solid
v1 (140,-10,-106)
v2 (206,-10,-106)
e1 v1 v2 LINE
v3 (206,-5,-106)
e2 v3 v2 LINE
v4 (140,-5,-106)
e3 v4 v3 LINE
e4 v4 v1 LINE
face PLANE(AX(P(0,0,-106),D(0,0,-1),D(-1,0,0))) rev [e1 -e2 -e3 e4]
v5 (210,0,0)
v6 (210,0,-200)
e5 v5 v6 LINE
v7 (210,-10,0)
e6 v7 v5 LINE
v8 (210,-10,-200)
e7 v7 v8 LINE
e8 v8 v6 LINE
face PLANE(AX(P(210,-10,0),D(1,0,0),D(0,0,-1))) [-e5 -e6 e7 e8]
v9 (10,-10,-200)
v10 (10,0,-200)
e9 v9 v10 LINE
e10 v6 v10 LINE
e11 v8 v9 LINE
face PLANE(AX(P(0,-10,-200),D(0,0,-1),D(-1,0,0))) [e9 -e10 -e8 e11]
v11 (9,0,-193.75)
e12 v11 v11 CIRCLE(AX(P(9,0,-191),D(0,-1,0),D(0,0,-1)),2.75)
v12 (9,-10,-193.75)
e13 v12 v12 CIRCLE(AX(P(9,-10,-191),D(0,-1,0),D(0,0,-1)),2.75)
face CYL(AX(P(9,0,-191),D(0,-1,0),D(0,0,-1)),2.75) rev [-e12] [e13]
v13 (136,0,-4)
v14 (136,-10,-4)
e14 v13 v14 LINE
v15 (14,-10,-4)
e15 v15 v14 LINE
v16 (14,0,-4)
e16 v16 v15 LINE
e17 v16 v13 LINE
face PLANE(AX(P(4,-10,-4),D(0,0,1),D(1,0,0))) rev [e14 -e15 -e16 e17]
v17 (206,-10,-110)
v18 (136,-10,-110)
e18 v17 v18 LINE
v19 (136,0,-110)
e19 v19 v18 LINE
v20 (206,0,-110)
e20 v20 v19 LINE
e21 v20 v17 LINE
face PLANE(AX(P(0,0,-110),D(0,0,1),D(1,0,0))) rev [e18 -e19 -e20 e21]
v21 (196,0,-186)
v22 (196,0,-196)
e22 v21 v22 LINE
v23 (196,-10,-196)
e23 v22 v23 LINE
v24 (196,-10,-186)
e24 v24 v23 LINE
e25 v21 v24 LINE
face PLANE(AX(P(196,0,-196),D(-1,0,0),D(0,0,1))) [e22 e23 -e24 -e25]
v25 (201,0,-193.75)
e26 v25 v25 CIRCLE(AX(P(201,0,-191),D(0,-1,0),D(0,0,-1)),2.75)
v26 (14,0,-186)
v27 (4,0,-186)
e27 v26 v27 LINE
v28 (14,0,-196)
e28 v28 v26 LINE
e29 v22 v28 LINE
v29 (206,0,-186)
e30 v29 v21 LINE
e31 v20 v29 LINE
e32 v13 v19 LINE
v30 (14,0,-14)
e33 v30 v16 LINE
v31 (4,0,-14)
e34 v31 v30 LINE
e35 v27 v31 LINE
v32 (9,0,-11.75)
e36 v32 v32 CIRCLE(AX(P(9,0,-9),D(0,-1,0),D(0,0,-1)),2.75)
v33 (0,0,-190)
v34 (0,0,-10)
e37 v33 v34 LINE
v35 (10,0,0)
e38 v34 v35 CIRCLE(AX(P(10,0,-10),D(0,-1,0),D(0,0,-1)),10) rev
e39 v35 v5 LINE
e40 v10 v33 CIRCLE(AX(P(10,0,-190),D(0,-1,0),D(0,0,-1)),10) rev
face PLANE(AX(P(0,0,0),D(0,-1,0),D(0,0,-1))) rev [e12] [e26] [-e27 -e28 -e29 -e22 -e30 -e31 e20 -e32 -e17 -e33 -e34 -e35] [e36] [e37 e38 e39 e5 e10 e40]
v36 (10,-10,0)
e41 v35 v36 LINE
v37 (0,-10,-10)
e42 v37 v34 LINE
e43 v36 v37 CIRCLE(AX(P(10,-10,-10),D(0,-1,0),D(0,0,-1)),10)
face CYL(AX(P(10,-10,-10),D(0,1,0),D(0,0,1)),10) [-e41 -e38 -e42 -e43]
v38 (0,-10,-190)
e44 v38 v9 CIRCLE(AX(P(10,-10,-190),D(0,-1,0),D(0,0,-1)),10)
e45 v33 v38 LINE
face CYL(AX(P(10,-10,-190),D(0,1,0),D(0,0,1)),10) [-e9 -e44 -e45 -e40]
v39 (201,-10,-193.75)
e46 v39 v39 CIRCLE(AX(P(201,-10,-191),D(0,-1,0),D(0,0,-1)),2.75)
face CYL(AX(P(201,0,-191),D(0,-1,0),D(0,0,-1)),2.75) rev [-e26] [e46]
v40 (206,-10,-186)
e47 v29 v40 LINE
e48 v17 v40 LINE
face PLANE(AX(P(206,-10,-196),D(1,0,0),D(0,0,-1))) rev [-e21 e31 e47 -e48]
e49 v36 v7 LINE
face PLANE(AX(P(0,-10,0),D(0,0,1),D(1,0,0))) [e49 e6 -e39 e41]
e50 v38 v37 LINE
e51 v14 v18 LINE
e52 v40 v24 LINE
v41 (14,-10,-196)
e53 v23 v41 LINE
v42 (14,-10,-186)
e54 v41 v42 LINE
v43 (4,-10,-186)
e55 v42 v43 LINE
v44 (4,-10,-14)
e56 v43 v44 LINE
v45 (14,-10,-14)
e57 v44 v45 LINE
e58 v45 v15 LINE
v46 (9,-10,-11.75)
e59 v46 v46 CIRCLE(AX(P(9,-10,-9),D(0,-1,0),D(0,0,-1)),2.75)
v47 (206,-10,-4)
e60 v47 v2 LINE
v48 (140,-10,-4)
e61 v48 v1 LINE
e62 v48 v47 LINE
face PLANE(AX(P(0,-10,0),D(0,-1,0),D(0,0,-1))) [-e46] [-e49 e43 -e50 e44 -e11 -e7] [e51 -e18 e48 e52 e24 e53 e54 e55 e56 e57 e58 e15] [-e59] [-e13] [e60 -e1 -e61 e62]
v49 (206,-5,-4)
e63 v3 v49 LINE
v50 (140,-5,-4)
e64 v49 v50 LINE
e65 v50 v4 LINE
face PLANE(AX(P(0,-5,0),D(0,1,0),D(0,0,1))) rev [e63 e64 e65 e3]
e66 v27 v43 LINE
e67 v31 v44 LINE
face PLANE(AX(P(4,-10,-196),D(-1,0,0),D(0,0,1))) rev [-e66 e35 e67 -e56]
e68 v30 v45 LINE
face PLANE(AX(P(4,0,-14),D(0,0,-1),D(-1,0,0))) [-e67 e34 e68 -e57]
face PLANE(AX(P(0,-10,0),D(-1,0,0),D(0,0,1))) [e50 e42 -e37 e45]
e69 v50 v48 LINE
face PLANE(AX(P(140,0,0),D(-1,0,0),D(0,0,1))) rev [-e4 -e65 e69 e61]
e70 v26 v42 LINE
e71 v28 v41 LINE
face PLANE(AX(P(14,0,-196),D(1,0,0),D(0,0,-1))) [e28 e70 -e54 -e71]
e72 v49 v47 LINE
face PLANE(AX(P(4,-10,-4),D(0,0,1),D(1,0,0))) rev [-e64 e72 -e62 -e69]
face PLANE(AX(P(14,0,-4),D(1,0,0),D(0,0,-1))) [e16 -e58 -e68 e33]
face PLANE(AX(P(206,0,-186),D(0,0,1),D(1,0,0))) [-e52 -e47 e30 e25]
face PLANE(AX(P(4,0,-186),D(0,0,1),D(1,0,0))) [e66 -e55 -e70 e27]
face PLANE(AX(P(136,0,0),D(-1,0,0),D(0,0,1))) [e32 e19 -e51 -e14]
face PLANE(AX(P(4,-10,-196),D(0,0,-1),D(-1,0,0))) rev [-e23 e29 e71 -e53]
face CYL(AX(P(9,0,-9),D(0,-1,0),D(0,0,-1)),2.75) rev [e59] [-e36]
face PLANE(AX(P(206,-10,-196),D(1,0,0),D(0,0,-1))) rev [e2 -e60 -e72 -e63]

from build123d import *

# Parameters (mm, degrees)
SKETCH1_W                = 210
SKETCH1_H                = 200
SKETCH1_W_2              = 202
SKETCH1_H_2              = 192
BOSS_EXTRUDE1_DEPTH      = 10
SKETCH2_W                = 70
SKETCH2_H                = 106
BOSS_EXTRUDE2_DEPTH      = 10
SKETCH3_W                = 66
SKETCH3_H                = 102
CUT_EXTRUDE1_DEPTH       = 5
SKETCH4_W                = 10
SKETCH4_H                = 10
SKETCH4_R                = 2.75
BOSS_EXTRUDE3_DEPTH      = 10
FILLET1_R                = 10
BOSS_EXTRUDE4_DEPTH      = 5
BOSS_EXTRUDE4_DEPTH_BACK = 5


with BuildPart() as part:
    # Sketch1 → Boss-Extrude1 (new body)
    with BuildSketch(Plane(origin=(0, 0, 0), x_dir=(1, 0, 0), z_dir=(0, 1, 0))):
        with Locations((105, 100)):
            Rectangle(SKETCH1_W, SKETCH1_H)
        with Locations((105, 100)):
            Rectangle(SKETCH1_W_2, SKETCH1_H_2, mode=Mode.SUBTRACT)
    extrude(amount=-BOSS_EXTRUDE1_DEPTH)

    # Sketch2 → Boss-Extrude2 (add)
    with BuildSketch(Plane.XZ.offset(10)):
        with Locations((175, -53)):
            Rectangle(SKETCH2_W, SKETCH2_H)
    extrude(amount=-BOSS_EXTRUDE2_DEPTH)

    # Sketch3 → Cut-Extrude1 (cut)
    with BuildSketch(Plane.XZ.offset(10)):
        with Locations((173, -55)):
            Rectangle(SKETCH3_W, SKETCH3_H)
    extrude(amount=-CUT_EXTRUDE1_DEPTH, mode=Mode.SUBTRACT)

    # Sketch4 → Boss-Extrude3 (add)
    # profile 1 of 3: a face of its own
    with BuildSketch(Plane.XZ.offset(10)):
        with Locations((9, -9)):
            Rectangle(SKETCH4_W, SKETCH4_H)
        with Locations((9, -9)):
            Circle(SKETCH4_R, mode=Mode.SUBTRACT)
    # profile 2 of 3: a face of its own
    with BuildSketch(Plane.XZ.offset(10)):
        with Locations((9, -191)):
            Rectangle(SKETCH4_W, SKETCH4_H)
        with Locations((9, -191)):
            Circle(SKETCH4_R, mode=Mode.SUBTRACT)
    # profile 3 of 3: a face of its own
    with BuildSketch(Plane.XZ.offset(10)):
        with Locations((201, -191)):
            Rectangle(SKETCH4_W, SKETCH4_H)
        with Locations((201, -191)):
            Circle(SKETCH4_R, mode=Mode.SUBTRACT)
    extrude(amount=-BOSS_EXTRUDE3_DEPTH)

    # Fillet1
    fillet1_edges = [part.edges().sort_by_distance(p)[0] for p in [
        (0, -5, 0),
        (0, -5, -200),
    ]]
    fillet(fillet1_edges, radius=FILLET1_R)

    # Sketch5 → Boss-Extrude4 (add, two sides: drawn at the far end of the back side and taken through both)
    with BuildSketch(Plane.XZ.offset(5).offset(-BOSS_EXTRUDE4_DEPTH_BACK)):
        Polygon((206, -110), (206, -106), (140, -106), (140, -4), (136, -4), (136, -110), align=None)
    extrude(amount=BOSS_EXTRUDE4_DEPTH + BOSS_EXTRUDE4_DEPTH_BACK)


solid = part.part
